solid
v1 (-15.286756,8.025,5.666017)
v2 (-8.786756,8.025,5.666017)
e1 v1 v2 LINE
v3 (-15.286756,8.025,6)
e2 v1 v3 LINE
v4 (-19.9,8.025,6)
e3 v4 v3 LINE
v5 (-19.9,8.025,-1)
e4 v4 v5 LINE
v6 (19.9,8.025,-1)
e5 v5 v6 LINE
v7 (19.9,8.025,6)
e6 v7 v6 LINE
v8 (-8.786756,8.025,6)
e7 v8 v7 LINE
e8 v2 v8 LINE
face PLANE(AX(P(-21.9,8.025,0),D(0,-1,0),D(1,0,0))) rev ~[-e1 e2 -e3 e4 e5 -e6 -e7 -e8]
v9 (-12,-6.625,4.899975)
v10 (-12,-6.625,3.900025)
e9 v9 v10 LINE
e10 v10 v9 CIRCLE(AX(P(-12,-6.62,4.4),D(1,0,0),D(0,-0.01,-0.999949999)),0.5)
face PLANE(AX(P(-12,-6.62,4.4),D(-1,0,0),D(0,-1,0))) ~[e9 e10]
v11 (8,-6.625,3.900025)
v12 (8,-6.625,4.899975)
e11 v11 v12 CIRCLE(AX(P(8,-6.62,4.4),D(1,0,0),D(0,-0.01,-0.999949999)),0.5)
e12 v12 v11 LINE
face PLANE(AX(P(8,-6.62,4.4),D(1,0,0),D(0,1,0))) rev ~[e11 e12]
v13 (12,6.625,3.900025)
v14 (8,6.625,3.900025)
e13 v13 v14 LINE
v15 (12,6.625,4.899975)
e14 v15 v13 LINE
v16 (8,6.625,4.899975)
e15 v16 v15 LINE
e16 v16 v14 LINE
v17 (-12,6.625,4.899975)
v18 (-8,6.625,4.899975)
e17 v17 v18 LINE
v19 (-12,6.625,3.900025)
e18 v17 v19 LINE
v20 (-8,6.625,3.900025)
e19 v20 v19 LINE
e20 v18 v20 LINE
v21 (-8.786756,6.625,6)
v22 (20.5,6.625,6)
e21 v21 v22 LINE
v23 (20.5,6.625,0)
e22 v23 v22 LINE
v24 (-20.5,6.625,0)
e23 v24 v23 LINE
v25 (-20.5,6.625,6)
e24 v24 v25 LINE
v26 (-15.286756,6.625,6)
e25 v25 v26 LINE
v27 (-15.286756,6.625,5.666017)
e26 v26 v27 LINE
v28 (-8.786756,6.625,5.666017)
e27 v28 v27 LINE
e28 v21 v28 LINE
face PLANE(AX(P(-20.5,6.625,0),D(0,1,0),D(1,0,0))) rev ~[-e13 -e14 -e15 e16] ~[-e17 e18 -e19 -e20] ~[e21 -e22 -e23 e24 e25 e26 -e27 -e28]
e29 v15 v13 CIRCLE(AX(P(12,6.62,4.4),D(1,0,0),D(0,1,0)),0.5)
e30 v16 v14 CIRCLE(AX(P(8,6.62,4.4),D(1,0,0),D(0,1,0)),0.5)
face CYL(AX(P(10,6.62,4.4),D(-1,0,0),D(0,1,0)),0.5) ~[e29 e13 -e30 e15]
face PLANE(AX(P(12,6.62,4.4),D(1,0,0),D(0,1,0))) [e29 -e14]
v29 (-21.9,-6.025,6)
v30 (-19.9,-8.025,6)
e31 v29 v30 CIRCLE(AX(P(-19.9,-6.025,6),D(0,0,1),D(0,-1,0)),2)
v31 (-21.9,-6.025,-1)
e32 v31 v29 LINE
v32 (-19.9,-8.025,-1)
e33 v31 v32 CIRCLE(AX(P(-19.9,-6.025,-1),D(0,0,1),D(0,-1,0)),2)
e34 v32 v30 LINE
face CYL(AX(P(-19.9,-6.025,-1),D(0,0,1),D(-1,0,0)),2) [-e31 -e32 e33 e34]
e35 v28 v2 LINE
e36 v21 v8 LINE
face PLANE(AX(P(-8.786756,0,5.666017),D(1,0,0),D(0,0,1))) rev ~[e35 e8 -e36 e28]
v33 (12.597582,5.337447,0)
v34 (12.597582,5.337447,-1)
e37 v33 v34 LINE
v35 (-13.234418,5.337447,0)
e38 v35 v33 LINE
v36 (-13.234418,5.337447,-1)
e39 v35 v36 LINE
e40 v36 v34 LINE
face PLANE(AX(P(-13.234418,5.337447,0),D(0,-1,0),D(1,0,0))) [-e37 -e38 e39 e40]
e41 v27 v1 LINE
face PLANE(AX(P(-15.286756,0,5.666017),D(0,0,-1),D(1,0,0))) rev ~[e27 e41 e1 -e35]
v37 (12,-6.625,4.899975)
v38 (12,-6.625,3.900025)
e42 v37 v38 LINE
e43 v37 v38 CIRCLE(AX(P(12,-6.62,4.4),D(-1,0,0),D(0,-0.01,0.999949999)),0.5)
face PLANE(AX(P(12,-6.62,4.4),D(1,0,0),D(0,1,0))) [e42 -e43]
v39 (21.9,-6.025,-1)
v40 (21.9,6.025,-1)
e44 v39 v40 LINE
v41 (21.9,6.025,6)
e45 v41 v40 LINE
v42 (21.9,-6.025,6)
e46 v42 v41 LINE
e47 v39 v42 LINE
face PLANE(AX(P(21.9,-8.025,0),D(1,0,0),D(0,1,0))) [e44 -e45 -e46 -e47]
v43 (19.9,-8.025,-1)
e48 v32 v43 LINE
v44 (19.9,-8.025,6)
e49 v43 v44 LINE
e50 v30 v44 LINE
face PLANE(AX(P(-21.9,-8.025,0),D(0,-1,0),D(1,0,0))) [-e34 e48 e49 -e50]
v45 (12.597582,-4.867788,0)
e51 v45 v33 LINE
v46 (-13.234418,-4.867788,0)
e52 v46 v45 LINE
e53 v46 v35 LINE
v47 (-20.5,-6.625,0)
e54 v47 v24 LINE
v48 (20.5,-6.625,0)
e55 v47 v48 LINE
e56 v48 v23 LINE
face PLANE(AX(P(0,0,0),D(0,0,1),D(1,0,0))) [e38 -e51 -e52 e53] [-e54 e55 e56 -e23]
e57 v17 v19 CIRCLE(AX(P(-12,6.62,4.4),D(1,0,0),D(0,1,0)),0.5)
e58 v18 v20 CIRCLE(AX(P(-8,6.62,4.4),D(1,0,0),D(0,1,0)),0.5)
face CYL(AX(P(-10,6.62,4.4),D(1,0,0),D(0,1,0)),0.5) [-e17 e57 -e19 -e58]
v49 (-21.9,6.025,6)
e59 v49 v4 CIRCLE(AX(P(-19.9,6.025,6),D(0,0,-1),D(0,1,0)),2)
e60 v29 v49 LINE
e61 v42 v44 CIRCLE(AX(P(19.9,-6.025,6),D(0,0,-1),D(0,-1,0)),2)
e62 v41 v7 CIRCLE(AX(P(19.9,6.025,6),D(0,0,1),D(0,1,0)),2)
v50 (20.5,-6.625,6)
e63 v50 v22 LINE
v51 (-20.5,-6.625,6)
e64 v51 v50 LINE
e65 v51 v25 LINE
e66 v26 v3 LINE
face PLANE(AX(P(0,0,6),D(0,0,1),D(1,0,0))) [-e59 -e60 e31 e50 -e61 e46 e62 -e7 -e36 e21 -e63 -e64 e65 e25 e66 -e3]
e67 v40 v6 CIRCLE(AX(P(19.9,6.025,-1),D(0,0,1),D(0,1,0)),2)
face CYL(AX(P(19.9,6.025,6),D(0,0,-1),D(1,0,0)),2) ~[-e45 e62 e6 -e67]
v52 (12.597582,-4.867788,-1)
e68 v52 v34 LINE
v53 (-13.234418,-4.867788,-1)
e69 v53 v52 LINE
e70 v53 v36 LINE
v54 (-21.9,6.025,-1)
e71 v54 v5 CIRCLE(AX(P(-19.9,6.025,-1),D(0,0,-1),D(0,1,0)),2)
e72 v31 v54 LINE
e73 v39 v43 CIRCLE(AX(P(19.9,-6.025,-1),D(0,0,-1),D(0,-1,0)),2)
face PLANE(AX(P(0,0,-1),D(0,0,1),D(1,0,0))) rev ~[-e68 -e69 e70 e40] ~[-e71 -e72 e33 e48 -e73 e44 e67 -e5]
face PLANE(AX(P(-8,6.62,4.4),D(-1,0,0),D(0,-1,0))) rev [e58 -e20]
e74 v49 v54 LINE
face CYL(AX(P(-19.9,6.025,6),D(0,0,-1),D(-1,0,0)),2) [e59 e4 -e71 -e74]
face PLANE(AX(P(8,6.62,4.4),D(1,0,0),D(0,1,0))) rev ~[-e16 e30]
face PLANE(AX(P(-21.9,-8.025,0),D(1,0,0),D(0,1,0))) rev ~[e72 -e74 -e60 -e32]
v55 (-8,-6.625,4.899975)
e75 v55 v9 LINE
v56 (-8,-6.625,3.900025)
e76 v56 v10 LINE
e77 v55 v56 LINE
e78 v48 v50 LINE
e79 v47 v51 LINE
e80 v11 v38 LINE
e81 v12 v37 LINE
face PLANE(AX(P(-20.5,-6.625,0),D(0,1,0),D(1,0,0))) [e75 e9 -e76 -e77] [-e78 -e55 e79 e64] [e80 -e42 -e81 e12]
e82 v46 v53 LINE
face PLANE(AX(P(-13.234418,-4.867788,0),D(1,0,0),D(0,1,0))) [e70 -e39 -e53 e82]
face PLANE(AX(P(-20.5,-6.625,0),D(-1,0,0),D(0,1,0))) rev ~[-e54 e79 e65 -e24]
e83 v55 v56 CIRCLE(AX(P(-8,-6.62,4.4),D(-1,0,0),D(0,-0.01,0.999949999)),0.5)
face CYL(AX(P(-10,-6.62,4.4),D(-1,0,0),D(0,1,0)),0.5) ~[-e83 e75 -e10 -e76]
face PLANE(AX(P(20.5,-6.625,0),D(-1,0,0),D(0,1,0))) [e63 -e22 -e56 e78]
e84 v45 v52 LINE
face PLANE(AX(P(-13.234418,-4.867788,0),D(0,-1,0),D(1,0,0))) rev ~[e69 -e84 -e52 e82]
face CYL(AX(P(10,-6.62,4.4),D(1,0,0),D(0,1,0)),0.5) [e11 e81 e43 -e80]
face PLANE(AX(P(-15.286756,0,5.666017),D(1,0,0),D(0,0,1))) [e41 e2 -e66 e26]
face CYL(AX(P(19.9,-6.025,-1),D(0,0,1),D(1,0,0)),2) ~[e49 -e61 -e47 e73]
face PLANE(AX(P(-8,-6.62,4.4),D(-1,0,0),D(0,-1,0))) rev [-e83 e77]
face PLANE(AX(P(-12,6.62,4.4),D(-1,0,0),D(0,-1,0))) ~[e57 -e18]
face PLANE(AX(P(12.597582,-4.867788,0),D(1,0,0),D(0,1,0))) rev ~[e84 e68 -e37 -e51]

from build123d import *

# Parameters (mm, degrees)
SKETCH010_W     = 43.8
SKETCH010_H     = 16.05
SKETCH010_W_2   = 41
SKETCH010_H_2   = 13.25
PAD004_DEPTH    = 6
SKETCH011_W     = 43.8
SKETCH011_H     = 16.05
SKETCH011_W_2   = 25.832
SKETCH011_H_2   = 10.205235
PAD005_DEPTH    = 1
FILLET_R        = 2
SKETCH012_W     = 6.5
SKETCH012_H     = 4.714983
POCKET004_DEPTH = 8.026
SKETCH027_R     = 0.5
PAD006_DEPTH    = 2


with BuildPart() as part:
    # Sketch010 → Pad004 (new body)
    with BuildSketch(Plane.XY):
        Rectangle(SKETCH010_W, SKETCH010_H)
        Rectangle(SKETCH010_W_2, SKETCH010_H_2, mode=Mode.SUBTRACT)
    extrude(amount=PAD004_DEPTH)

    # Sketch011 → Pad005 (join)
    with BuildSketch(Plane.XY):
        Rectangle(SKETCH011_W, SKETCH011_H)
        with Locations((-0.318418, 0.23483)):
            Rectangle(SKETCH011_W_2, SKETCH011_H_2, mode=Mode.SUBTRACT)
    extrude(amount=-PAD005_DEPTH)

    # Fillet
    fillet_edges = [part.edges().sort_by_distance(p)[0] for p in [
        (-21.9, -8.025, 3),
        (21.9, -8.025, 3),
        (-21.9, 8.025, 3),
        (21.9, 8.025, 3),
    ]]
    fillet(fillet_edges, radius=FILLET_R)

    # Sketch012 → Pocket004 (cut, through all)
    with BuildSketch(Plane.XZ):
        with Locations((-12.036756, 8.023509)):
            Rectangle(SKETCH012_W, SKETCH012_H)
    extrude(amount=-POCKET004_DEPTH, mode=Mode.SUBTRACT)

    # Sketch027 → Pad006 (join, symmetric)
    with BuildSketch(Plane.YZ.offset(10)):
        with Locations((6.62, 4.4)):
            Circle(SKETCH027_R)
        with Locations((-6.62, 4.4)):
            Circle(SKETCH027_R)
    pad006 = extrude(amount=PAD006_DEPTH, both=True)

    # Mirrored001: Pad006 across YZ
    add(pad006.mirror(Plane.YZ))


solid = part.part
